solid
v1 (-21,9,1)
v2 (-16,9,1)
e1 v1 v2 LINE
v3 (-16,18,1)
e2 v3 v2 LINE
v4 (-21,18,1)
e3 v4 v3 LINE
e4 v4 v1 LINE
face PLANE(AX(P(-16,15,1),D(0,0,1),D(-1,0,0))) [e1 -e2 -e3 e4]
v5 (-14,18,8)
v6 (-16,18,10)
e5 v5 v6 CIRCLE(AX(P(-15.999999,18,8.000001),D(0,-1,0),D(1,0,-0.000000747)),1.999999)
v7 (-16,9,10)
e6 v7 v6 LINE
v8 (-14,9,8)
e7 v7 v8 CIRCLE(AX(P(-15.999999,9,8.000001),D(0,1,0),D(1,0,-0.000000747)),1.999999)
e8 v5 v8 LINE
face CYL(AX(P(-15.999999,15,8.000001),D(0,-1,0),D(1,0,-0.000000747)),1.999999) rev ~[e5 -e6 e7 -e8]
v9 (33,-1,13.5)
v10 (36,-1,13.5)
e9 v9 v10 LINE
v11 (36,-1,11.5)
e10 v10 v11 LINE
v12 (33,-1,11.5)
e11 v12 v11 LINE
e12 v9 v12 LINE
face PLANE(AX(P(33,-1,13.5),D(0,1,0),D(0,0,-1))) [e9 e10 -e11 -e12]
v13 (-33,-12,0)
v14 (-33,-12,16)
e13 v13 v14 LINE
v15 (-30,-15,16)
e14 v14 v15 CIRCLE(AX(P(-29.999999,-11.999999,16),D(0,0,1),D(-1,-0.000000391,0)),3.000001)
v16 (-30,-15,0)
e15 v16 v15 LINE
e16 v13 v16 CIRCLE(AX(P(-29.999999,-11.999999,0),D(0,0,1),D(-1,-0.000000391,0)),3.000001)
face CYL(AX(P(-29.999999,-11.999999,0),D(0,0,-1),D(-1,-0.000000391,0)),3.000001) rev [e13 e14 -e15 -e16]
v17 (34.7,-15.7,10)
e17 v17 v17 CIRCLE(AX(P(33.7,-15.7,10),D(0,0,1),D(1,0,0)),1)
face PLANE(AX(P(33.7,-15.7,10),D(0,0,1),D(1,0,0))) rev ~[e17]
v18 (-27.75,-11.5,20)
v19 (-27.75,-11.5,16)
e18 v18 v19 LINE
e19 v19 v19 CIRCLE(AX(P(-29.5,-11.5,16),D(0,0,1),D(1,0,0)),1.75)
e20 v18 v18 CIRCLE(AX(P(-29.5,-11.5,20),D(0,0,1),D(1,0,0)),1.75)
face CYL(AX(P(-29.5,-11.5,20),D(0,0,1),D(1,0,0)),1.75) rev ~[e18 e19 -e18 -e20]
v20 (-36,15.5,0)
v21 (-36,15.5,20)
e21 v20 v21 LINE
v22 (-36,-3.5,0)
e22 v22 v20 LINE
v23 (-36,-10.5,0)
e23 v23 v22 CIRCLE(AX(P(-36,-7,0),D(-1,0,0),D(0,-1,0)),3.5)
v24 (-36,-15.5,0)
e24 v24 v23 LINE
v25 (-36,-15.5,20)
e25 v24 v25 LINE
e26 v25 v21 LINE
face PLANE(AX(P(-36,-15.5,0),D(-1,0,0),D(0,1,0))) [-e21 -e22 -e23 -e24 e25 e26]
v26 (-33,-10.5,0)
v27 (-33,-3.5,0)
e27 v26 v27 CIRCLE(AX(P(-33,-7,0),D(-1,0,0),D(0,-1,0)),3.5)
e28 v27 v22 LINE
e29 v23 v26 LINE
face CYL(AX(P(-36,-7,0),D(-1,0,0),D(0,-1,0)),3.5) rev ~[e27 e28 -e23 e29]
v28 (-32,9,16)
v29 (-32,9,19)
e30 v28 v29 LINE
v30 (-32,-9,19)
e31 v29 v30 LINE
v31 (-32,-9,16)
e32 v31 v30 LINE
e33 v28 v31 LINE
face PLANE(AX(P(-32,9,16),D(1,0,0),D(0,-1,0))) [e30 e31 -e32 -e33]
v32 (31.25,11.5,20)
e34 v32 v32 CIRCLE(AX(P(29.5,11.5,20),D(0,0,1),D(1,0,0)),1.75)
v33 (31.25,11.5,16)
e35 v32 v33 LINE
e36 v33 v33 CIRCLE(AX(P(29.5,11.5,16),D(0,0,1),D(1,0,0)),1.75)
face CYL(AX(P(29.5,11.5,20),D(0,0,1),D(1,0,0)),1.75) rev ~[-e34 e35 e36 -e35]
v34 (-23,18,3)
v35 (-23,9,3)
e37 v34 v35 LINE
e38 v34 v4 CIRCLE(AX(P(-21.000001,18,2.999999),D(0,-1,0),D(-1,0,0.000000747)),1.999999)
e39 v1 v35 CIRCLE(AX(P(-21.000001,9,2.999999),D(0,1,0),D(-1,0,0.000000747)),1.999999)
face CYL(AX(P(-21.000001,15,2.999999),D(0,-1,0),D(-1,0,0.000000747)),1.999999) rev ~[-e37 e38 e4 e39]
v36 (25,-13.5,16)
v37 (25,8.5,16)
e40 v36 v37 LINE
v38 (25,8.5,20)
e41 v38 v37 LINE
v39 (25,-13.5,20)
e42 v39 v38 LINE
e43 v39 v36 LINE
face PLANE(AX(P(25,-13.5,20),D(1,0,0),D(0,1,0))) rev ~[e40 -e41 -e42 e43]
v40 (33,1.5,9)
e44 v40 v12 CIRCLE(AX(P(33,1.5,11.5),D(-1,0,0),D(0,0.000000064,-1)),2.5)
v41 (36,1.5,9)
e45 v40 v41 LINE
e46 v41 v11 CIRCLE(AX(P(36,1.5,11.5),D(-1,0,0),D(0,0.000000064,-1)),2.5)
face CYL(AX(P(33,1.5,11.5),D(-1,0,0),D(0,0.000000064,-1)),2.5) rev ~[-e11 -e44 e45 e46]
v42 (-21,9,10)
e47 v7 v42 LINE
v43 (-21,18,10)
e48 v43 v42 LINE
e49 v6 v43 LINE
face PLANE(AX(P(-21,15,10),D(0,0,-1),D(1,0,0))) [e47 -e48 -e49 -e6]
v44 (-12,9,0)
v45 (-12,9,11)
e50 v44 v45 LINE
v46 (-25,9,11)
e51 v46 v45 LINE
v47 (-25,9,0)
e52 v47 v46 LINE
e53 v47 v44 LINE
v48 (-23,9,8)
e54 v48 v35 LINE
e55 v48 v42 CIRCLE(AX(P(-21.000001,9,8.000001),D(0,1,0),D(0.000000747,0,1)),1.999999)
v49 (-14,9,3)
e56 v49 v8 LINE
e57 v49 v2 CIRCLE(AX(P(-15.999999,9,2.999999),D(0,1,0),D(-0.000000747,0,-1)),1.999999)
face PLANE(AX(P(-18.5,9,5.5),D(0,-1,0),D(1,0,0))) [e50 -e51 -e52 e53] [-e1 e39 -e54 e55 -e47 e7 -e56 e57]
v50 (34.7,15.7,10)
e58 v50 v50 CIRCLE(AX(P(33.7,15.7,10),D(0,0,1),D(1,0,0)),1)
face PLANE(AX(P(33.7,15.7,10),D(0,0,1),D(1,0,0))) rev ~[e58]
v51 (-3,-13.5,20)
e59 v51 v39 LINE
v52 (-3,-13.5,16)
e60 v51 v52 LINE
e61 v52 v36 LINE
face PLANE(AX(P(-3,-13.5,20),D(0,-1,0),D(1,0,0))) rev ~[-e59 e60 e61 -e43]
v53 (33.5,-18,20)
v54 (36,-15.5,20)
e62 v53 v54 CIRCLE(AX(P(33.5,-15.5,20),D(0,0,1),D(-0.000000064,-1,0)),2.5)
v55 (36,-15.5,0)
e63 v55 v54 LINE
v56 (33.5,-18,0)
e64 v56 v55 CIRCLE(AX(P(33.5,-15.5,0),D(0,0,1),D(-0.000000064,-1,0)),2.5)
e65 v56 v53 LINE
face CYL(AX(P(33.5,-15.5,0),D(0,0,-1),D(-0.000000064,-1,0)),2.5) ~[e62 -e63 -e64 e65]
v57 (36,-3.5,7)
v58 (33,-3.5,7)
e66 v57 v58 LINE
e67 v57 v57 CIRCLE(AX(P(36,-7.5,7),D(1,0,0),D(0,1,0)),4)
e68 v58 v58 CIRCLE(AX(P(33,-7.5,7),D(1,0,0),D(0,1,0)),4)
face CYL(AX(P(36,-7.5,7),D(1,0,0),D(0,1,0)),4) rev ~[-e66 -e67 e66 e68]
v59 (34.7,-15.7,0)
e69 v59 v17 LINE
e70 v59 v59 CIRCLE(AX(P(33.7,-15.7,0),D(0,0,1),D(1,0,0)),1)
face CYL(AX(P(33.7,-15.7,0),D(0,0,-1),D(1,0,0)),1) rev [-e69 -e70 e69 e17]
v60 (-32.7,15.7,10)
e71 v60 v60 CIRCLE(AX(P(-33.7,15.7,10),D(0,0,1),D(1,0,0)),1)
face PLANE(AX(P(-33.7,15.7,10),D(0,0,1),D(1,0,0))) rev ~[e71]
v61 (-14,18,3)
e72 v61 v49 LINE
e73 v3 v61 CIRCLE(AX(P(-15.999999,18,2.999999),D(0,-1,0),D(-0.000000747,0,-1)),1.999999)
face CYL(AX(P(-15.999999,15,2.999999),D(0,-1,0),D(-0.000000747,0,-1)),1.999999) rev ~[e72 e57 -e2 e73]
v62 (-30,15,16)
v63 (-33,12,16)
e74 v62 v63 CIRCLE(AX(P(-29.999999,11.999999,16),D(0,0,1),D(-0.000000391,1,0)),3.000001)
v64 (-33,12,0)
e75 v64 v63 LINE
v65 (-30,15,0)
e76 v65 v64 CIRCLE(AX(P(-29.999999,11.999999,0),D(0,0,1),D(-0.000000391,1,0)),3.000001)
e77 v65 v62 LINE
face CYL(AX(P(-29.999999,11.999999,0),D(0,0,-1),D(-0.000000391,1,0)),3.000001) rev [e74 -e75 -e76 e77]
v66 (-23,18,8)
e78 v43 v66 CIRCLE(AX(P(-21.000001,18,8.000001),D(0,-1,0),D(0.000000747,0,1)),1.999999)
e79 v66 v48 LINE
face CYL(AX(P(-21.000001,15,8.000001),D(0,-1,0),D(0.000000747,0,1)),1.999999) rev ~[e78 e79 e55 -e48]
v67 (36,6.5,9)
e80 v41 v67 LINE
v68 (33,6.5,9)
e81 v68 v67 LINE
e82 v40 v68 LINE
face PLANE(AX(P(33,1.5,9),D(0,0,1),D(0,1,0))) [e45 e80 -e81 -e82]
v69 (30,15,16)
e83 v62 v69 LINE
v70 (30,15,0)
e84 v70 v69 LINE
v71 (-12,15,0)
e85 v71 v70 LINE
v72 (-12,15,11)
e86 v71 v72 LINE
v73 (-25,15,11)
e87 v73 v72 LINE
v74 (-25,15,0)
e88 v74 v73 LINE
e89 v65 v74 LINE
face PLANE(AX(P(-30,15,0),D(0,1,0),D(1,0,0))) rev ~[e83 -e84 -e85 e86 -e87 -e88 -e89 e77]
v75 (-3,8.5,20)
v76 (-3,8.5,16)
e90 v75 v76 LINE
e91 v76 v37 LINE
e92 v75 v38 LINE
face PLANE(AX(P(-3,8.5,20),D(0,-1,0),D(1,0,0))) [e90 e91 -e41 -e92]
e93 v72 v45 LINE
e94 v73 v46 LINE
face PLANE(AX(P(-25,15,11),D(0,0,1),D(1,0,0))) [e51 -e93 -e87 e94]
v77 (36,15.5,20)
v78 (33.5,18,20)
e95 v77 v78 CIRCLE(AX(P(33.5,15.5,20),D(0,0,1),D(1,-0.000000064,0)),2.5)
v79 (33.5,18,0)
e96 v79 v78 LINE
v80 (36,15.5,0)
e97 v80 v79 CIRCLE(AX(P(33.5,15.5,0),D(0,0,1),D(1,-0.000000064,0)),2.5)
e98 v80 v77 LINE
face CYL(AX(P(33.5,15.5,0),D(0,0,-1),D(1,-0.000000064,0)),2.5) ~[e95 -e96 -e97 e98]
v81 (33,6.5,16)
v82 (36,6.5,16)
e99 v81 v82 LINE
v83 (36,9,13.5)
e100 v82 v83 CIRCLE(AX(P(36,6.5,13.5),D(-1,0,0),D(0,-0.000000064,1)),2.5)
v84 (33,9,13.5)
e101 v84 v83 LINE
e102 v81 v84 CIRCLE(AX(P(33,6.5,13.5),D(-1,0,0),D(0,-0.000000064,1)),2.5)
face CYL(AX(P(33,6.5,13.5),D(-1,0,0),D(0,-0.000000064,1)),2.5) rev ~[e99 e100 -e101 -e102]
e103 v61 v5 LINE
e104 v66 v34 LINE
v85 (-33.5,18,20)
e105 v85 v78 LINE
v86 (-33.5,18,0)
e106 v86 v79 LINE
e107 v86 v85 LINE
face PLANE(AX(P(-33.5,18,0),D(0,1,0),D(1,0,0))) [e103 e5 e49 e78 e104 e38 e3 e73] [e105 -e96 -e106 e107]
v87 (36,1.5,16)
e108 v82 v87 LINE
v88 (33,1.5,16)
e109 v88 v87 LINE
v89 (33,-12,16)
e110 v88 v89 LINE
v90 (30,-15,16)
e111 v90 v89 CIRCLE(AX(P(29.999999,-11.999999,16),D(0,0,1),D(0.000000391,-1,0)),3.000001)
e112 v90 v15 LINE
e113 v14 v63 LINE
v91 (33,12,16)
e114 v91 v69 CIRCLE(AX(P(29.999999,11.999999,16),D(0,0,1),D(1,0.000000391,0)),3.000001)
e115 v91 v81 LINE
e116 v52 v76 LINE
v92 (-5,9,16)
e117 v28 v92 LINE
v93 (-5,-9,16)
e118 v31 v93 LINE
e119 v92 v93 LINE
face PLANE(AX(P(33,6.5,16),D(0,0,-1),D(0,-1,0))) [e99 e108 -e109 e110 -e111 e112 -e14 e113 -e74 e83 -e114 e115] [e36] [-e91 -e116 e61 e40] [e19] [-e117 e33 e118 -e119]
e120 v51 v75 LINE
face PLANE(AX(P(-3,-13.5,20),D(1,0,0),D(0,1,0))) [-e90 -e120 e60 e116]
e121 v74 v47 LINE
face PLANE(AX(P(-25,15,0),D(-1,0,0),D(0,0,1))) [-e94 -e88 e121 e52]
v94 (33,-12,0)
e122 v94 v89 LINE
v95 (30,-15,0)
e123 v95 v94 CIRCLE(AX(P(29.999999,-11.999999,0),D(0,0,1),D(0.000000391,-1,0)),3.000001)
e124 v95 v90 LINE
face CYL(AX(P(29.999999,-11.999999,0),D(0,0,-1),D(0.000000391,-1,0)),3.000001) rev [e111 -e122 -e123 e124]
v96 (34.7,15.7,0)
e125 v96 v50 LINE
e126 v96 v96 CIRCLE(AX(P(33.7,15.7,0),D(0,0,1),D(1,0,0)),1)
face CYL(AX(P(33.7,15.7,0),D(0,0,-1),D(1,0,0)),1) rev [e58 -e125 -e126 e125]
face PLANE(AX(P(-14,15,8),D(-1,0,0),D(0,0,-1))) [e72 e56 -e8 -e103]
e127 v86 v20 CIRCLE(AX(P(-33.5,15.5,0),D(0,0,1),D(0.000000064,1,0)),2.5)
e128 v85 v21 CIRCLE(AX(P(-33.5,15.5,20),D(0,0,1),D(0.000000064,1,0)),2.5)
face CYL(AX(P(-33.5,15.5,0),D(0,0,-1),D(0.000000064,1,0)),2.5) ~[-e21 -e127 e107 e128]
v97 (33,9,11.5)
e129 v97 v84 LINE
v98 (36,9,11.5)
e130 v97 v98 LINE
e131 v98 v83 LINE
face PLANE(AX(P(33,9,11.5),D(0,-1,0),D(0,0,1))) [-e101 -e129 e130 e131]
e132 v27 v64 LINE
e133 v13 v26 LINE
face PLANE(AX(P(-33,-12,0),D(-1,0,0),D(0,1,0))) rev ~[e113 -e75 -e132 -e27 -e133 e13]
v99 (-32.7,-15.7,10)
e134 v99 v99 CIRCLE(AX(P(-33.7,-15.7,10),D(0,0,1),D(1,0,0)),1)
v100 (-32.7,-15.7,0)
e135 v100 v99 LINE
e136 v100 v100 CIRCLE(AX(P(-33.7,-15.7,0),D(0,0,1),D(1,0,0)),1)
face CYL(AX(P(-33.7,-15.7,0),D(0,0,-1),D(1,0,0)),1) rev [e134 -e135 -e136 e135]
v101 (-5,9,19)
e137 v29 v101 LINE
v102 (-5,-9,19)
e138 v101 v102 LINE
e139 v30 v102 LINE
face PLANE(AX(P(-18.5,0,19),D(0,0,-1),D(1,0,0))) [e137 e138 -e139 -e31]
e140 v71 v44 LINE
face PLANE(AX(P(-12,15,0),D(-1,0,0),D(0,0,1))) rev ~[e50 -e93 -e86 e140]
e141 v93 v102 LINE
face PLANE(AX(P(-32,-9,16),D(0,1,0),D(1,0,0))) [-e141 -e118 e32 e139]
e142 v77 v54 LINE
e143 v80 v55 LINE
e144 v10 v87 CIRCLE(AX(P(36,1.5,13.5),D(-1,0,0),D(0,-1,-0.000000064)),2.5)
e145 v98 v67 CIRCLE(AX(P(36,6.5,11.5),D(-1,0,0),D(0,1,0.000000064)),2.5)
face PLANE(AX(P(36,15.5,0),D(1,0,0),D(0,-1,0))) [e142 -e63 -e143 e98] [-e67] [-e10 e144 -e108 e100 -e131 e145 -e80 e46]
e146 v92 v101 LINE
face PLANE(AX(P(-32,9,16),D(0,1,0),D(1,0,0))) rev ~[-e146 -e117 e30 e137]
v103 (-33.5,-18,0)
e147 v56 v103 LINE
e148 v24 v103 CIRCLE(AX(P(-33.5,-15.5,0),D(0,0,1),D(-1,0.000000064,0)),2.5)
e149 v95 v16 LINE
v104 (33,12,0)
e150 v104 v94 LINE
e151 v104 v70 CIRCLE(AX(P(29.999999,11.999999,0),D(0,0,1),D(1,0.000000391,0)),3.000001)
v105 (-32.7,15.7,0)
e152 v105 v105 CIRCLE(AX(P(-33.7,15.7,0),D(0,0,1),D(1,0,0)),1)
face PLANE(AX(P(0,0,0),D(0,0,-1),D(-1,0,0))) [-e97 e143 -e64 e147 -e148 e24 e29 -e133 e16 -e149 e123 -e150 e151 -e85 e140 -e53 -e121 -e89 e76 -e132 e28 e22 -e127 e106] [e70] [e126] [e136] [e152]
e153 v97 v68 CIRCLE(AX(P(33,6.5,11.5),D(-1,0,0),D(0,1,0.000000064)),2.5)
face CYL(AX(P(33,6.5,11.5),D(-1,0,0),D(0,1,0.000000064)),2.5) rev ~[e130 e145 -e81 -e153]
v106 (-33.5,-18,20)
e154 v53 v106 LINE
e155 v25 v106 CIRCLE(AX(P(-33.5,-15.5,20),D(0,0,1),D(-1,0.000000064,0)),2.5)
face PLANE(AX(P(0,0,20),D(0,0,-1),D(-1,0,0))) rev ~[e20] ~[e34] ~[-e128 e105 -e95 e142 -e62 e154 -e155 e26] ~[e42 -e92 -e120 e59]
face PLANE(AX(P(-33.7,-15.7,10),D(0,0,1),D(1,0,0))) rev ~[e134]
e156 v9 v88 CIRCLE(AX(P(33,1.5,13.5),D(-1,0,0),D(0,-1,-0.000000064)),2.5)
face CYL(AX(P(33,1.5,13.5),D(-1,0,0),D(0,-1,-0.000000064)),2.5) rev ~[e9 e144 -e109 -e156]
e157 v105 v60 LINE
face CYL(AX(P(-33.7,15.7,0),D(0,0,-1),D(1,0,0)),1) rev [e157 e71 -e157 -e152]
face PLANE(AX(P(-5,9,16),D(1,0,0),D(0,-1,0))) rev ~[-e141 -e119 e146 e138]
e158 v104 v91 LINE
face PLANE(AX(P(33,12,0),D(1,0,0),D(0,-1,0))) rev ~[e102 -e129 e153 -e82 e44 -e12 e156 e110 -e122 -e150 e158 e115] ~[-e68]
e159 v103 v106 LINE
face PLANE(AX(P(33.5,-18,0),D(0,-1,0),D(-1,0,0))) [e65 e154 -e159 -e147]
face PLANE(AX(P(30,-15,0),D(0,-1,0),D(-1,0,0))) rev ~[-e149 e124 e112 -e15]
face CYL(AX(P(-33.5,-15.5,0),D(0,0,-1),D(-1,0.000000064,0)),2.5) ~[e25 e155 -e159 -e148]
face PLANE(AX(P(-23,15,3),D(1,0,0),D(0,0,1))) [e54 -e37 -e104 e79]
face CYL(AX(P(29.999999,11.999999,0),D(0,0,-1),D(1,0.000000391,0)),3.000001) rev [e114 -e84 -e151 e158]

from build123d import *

# Parameters (mm, degrees)
PAD_DEPTH            = 20
POCKET_DEPTH         = 16
SKETCH002_R          = 1.75
SKETCH002_W          = 28
SKETCH002_H          = 22
POCKET001_DEPTH      = 4
POCKET002_DEPTH      = 3
SKETCH004_W          = 27
SKETCH004_H          = 18
POCKET003_DEPTH      = 3
SKETCH005_R          = 1
POCKET004_DEPTH      = 10
SKETCH007_W          = 13
SKETCH007_H          = 11
PAD001_DEPTH         = 6
POCKET005_DEPTH      = 5
POCKET005_DEPTH_BACK = 10
SKETCH008_R          = 4
POCKET006_DEPTH      = 3
SKETCH009_R          = 3.5
POCKET007_DEPTH      = 3


with BuildPart() as part:
    # Sketch001 (on Sketch) → Pad (new body)
    with BuildSketch(Plane.XY):
        with BuildLine():
            Line((-33.5, 18), (33.5, 18))
            ThreePointArc((36, 15.5), (35.267767, 17.267767), (33.5, 18))
            Line((36, 15.5), (36, -15.5))
            ThreePointArc((33.5, -18), (35.267767, -17.267767), (36, -15.5))
            Line((33.5, -18), (-33.5, -18))
            ThreePointArc((-36, -15.5), (-35.267767, -17.267767), (-33.5, -18))
            Line((-36, -15.5), (-36, 15.5))
            ThreePointArc((-33.5, 18), (-35.267767, 17.267767), (-36, 15.5))
        make_face()
    extrude(amount=PAD_DEPTH)

    # Sketch → Pocket (cut)
    with BuildSketch(Plane.XY):
        with BuildLine():
            Line((-30, 15), (30, 15))
            ThreePointArc((33, 12), (32.12132, 14.12132), (30, 15))
            Line((33, 12), (33, -12))
            ThreePointArc((30, -15), (32.12132, -14.12132), (33, -12))
            Line((30, -15), (-30, -15))
            ThreePointArc((-33, -12), (-32.12132, -14.12132), (-30, -15))
            Line((-33, -12), (-33, 12))
            ThreePointArc((-30, 15), (-32.12132, 14.12132), (-33, 12))
        make_face()
    extrude(amount=POCKET_DEPTH, mode=Mode.SUBTRACT)

    # Sketch002 (on Sketch) → Pocket001 (cut)
    with BuildSketch(Plane.XY.offset(20)):
        with Locations((-29.5, -11.5)):
            Circle(SKETCH002_R)
        with Locations((29.5, 11.5)):
            Circle(SKETCH002_R)
        with Locations((11, -2.5)):
            Rectangle(SKETCH002_W, SKETCH002_H)
    extrude(amount=-POCKET001_DEPTH, mode=Mode.SUBTRACT)

    # Sketch003 (on Face15 of Pocket001) → Pocket002 (cut)
    with BuildSketch(Plane(origin=(33, 0, 0), x_dir=(0, -1, 0), z_dir=(-1, 0, 0))):
        with BuildLine():
            Line((-6.5, 16), (-1.5, 16))
            ThreePointArc((1, 13.5), (0.267767, 15.267767), (-1.5, 16))
            Line((1, 13.5), (1, 11.5))
            ThreePointArc((-1.5, 9), (0.267767, 9.732233), (1, 11.5))
            Line((-1.5, 9), (-6.5, 9))
            ThreePointArc((-9, 11.5), (-8.267767, 9.732233), (-6.5, 9))
            Line((-9, 11.5), (-9, 13.5))
            ThreePointArc((-6.5, 16), (-8.267767, 15.267767), (-9, 13.5))
        make_face()
    extrude(amount=-POCKET002_DEPTH, mode=Mode.SUBTRACT)

    # Sketch004 (on Face33 of Pocket002) → Pocket003 (cut)
    with BuildSketch(Plane(origin=(0, 0, 16), x_dir=(1, 0, 0), z_dir=(0, 0, -1))):
        with Locations((-18.5, 0)):
            Rectangle(SKETCH004_W, SKETCH004_H)
    extrude(amount=-POCKET003_DEPTH, mode=Mode.SUBTRACT)

    # Sketch005 → Pocket004 (cut)
    with BuildSketch(Plane.XY):
        with Locations((-33.7, -15.7)):
            Circle(SKETCH005_R)
        with Locations((33.7, -15.7)):
            Circle(SKETCH005_R)
        with Locations((33.7, 15.7)):
            Circle(SKETCH005_R)
        with Locations((-33.7, 15.7)):
            Circle(SKETCH005_R)
    extrude(amount=POCKET004_DEPTH, mode=Mode.SUBTRACT)

    # Sketch007 (on Face18 of Pocket004) → Pad001 (join)
    with BuildSketch(Plane.XZ.offset(-15)):
        with Locations((-18.5, 5.5)):
            Rectangle(SKETCH007_W, SKETCH007_H)
    extrude(amount=PAD001_DEPTH)

    # Sketch006 (on Face18 of Pocket004) → Pocket005 (cut, two sides)
    with BuildSketch(Plane.XZ.offset(-15)) as pocket005_sk:
        with BuildLine():
            Line((-21, 10), (-16, 10))
            ThreePointArc((-14, 8), (-14.585786, 9.414214), (-16, 10))
            Line((-14, 8), (-14, 3))
            ThreePointArc((-16, 1), (-14.585786, 1.585786), (-14, 3))
            Line((-16, 1), (-21, 1))
            ThreePointArc((-23, 3), (-22.414214, 1.585786), (-21, 1))
            Line((-23, 3), (-23, 8))
            ThreePointArc((-21, 10), (-22.414214, 9.414214), (-23, 8))
        make_face()
    extrude(amount=-POCKET005_DEPTH, mode=Mode.SUBTRACT)
    extrude(pocket005_sk.sketch, amount=POCKET005_DEPTH_BACK, mode=Mode.SUBTRACT)

    # Sketch008 → Pocket006 (cut)
    with BuildSketch(Plane.YZ.offset(36)):
        with Locations((-7.5, 7)):
            Circle(SKETCH008_R)
    extrude(amount=-POCKET006_DEPTH, mode=Mode.SUBTRACT)

    # Sketch009 (on Face1 of Pocket006) → Pocket007 (cut)
    with BuildSketch(Plane(origin=(-36, 0, 0), x_dir=(0, -1, 0), z_dir=(-1, 0, 0))):
        with Locations((7, 0)):
            Circle(SKETCH009_R)
    extrude(amount=-POCKET007_DEPTH, mode=Mode.SUBTRACT)


solid = part.part
